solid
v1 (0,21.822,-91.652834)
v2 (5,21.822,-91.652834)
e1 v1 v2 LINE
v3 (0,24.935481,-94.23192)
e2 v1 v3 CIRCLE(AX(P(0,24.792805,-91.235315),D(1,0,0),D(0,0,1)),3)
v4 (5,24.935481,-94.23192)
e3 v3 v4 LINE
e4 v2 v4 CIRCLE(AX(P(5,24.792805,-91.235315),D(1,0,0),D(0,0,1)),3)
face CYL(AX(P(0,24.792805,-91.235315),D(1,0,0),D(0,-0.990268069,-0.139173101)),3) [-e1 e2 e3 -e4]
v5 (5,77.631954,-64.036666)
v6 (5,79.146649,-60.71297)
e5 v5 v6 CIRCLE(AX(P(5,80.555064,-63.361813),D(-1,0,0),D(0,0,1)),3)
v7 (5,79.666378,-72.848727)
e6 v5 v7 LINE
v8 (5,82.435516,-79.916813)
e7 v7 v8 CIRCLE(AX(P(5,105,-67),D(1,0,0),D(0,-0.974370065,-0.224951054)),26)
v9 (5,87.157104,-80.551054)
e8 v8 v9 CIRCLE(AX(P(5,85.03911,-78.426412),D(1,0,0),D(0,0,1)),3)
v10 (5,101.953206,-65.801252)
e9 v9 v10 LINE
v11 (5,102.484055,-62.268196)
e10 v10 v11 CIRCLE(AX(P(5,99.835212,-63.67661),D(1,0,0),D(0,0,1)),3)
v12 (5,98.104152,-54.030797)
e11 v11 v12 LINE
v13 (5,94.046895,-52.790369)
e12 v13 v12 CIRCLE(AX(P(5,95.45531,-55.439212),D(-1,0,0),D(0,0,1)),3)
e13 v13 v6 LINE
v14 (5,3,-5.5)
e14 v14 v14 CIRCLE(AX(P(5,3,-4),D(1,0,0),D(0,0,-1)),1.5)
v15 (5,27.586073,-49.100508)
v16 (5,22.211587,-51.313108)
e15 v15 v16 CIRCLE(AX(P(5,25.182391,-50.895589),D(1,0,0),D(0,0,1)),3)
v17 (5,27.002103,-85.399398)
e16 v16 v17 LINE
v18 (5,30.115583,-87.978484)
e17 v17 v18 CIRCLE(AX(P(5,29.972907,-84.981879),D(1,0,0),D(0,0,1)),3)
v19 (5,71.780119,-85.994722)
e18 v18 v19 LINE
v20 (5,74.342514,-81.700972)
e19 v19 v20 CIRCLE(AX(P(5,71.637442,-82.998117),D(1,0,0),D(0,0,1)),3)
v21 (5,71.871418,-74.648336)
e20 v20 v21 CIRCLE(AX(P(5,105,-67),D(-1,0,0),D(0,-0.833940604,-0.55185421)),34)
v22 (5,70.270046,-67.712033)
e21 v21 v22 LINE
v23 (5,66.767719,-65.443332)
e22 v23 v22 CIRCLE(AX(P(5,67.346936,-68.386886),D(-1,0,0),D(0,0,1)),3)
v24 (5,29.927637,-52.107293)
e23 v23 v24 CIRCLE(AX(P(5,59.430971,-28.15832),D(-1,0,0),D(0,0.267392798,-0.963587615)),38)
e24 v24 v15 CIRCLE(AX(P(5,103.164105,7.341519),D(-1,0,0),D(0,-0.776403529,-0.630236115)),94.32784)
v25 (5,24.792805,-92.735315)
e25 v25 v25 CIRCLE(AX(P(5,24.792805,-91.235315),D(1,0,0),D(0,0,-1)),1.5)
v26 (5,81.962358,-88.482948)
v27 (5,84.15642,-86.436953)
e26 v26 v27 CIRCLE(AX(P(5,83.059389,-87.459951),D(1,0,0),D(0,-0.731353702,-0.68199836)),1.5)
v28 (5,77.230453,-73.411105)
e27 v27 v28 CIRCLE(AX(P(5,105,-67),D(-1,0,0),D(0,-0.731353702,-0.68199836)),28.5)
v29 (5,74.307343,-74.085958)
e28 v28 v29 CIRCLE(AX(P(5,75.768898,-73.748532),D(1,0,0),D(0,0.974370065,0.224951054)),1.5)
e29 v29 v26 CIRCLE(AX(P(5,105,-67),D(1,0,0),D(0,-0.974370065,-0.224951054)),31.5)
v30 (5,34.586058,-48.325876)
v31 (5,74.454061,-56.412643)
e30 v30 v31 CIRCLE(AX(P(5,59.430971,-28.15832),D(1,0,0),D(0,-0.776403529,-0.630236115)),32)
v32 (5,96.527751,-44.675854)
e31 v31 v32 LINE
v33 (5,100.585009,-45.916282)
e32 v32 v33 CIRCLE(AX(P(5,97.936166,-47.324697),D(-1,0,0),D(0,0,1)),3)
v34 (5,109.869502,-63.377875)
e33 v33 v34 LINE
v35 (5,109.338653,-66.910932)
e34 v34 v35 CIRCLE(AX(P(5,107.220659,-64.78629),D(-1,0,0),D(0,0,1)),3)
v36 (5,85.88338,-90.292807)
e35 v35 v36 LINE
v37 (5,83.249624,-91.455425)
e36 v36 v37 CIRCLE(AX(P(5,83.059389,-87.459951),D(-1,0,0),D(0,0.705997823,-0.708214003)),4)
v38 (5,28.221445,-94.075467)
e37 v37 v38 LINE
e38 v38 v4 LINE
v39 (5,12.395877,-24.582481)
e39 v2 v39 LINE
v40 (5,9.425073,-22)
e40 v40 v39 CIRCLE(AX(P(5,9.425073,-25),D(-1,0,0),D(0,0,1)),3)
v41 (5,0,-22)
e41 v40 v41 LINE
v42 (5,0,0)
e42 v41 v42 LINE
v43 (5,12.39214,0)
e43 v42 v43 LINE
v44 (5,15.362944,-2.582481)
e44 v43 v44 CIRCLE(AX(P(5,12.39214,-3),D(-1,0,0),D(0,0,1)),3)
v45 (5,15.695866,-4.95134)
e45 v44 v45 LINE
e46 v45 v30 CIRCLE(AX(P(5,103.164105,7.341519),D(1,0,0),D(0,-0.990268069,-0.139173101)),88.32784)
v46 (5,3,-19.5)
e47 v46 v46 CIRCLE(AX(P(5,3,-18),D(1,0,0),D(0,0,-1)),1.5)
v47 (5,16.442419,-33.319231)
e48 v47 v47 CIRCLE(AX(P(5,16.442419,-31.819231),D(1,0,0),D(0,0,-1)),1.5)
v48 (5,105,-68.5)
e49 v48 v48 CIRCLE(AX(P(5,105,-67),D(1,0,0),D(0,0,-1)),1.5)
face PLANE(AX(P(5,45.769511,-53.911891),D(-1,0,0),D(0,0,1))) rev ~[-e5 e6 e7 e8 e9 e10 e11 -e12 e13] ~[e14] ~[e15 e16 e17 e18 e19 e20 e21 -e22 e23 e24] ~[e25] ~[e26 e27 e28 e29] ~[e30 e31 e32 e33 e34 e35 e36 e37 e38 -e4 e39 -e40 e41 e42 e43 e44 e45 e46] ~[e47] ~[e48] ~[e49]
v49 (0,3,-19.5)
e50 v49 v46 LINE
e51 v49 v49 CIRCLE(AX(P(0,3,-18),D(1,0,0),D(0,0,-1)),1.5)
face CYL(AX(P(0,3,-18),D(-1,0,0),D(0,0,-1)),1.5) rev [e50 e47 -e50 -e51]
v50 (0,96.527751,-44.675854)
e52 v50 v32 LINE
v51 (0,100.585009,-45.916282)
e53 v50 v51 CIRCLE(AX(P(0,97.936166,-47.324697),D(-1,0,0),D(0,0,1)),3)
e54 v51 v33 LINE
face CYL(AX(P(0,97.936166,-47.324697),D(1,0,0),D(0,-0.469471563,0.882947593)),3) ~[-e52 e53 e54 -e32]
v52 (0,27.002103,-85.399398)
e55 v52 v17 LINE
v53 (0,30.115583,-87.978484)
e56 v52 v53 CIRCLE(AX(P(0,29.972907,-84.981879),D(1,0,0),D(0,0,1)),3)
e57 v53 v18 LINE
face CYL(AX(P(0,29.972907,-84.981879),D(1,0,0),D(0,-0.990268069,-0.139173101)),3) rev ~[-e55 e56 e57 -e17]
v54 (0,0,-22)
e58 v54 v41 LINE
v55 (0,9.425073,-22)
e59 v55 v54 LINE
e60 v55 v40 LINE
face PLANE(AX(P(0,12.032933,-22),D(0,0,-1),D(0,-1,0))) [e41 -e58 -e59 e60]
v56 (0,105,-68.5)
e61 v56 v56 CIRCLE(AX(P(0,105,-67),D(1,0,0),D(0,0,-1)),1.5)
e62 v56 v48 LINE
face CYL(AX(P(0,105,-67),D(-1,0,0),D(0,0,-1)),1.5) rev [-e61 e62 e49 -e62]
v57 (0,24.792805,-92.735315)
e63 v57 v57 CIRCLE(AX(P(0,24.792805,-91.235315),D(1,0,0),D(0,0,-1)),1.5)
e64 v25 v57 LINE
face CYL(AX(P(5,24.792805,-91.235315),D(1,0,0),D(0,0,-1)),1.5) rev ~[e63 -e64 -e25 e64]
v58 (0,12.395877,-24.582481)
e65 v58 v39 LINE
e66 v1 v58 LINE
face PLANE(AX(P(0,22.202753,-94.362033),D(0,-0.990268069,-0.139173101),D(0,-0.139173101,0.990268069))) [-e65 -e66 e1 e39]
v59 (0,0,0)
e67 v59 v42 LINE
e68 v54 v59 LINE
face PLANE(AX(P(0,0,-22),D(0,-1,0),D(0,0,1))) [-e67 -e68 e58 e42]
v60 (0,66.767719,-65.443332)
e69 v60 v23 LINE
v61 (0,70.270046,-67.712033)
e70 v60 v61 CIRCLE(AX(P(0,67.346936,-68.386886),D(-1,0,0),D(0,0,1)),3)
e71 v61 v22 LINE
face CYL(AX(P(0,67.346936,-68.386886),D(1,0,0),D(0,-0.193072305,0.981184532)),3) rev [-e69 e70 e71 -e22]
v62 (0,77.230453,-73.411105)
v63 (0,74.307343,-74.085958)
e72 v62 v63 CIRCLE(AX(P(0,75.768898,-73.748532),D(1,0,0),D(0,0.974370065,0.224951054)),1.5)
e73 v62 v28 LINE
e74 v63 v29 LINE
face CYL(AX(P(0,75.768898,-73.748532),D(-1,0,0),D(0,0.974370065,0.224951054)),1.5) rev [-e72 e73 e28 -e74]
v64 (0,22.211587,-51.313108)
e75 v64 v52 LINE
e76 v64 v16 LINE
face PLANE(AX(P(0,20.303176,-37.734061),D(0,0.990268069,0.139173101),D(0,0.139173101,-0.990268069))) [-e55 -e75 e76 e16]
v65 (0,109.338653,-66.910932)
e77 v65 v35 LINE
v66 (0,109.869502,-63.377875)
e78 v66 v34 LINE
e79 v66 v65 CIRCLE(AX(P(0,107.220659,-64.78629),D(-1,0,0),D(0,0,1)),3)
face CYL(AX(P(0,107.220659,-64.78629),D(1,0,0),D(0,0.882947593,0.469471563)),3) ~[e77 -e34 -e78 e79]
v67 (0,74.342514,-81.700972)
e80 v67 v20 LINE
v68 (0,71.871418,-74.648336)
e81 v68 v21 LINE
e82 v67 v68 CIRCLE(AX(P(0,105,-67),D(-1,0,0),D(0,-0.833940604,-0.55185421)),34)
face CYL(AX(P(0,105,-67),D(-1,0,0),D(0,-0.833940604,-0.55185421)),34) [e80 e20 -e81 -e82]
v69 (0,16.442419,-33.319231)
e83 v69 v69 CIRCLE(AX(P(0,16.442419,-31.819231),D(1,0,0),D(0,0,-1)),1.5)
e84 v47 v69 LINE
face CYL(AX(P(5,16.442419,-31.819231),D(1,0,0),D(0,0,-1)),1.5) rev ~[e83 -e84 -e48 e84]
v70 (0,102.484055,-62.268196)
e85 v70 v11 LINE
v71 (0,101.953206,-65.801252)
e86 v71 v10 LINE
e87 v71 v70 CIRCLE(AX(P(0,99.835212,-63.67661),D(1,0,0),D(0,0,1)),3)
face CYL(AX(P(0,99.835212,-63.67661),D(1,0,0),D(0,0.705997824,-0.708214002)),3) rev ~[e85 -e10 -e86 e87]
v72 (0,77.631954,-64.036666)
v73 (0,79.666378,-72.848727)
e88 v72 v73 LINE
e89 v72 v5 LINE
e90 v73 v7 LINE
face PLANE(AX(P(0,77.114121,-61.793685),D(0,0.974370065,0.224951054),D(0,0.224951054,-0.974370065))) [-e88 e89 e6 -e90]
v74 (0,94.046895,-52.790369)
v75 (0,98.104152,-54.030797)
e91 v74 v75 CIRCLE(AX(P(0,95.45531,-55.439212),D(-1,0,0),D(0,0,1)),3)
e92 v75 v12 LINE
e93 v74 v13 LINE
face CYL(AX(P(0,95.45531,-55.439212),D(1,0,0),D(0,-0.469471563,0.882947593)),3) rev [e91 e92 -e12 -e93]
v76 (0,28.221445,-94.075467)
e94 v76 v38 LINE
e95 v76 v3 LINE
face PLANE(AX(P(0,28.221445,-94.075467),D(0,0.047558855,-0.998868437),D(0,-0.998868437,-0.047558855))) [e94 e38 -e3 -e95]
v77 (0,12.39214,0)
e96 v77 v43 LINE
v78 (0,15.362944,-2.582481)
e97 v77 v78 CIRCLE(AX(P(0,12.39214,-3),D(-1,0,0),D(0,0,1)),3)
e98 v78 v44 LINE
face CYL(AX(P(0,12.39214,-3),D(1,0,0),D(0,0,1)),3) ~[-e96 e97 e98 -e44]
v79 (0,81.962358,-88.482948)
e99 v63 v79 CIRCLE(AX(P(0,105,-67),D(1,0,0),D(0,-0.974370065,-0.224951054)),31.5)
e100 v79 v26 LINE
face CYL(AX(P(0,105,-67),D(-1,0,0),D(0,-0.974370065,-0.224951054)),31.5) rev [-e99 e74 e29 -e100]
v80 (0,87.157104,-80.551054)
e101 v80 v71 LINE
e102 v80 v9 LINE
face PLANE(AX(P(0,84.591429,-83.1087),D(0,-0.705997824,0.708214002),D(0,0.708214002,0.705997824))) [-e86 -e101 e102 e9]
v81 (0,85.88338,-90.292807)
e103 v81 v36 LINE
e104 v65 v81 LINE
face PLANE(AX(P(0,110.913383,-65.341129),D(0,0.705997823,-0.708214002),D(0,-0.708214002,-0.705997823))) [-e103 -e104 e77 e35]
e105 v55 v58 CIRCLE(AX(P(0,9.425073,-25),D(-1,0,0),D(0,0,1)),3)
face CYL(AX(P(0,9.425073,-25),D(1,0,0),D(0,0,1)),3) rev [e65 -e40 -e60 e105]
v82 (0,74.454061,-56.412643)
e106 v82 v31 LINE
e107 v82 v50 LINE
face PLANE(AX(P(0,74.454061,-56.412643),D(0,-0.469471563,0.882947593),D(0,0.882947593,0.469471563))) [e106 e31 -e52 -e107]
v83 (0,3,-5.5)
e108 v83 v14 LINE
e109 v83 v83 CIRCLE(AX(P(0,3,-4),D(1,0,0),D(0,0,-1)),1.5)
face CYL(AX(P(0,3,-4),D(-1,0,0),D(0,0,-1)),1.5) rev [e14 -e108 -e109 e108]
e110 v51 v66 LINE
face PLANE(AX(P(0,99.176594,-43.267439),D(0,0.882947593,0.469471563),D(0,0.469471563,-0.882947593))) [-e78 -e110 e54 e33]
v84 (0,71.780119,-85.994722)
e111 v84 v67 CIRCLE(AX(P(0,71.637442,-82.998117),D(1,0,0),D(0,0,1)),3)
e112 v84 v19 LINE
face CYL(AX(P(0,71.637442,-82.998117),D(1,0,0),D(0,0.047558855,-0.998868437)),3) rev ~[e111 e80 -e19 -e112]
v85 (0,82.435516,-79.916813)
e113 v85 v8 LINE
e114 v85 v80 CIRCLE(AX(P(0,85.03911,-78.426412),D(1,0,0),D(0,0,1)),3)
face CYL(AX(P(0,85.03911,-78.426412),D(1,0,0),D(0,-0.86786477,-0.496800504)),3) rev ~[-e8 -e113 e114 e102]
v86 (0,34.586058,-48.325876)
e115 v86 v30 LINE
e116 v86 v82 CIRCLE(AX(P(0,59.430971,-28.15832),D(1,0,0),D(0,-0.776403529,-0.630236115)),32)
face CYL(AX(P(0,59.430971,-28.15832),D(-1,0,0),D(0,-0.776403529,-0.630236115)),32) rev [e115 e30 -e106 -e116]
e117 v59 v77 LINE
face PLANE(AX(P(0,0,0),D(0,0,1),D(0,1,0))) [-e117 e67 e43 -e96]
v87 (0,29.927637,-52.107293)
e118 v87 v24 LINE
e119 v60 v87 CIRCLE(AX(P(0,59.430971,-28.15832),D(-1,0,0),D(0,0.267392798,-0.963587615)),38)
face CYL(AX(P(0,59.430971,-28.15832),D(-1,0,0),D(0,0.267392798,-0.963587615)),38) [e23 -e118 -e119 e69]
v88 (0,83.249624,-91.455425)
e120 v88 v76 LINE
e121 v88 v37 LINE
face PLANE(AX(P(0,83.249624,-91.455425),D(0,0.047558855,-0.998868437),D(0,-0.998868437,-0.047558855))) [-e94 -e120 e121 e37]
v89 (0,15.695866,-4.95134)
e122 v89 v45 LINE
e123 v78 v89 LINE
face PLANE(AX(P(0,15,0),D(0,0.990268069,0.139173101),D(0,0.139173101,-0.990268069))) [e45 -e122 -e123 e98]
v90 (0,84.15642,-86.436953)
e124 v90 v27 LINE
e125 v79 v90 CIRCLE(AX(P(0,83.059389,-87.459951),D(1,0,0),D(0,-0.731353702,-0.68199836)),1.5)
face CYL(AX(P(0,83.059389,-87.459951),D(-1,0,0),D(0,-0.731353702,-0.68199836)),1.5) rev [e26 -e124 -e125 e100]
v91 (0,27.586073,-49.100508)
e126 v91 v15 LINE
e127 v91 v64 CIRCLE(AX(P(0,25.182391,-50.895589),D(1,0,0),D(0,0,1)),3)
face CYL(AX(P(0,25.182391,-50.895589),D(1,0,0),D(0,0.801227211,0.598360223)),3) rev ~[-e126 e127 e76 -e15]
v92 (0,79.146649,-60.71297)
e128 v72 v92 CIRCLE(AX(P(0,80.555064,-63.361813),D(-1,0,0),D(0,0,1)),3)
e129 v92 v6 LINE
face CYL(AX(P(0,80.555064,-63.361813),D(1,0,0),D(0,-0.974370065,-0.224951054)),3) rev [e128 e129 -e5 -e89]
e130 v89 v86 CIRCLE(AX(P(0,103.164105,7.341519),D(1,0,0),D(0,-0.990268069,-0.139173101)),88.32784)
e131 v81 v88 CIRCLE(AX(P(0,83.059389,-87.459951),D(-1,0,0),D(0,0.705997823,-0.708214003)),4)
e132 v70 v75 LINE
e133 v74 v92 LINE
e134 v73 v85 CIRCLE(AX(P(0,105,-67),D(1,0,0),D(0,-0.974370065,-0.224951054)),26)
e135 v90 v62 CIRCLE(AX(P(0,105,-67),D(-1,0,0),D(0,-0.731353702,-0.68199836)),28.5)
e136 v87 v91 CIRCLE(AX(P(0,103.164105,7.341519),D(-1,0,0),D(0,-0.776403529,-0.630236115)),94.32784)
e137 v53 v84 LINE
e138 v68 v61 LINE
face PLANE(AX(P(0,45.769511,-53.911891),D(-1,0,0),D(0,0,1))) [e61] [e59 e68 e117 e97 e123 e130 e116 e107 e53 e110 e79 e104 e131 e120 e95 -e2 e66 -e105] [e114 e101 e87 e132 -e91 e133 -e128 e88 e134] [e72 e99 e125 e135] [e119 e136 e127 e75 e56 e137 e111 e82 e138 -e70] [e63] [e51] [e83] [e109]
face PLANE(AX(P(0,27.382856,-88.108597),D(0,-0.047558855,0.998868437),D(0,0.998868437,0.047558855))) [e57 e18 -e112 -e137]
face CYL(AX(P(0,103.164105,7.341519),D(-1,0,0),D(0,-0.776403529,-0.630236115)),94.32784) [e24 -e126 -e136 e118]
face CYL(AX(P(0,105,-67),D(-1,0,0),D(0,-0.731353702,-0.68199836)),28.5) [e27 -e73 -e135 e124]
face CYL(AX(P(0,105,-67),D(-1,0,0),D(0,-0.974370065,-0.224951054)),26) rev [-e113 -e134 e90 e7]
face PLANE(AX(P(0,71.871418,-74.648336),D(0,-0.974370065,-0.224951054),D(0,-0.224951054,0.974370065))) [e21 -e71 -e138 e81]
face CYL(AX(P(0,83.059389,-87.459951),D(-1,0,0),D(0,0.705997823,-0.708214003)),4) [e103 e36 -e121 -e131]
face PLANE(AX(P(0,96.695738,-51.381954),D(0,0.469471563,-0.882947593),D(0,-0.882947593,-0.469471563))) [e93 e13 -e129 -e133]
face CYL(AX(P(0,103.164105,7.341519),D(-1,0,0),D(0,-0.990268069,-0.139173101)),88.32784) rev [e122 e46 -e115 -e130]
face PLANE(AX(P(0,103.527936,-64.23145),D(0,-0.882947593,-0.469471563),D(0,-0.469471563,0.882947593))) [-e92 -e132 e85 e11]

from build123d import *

# Parameters (mm, degrees)
SKETCH1_R           = 1.5
BOSS_EXTRUDE1_DEPTH = 5
FILLET1_R           = 3
CUT_EXTRUDE2_REACH  = 7
SKETCH7_R           = 1.5


with BuildPart() as part:
    # Sketch1 → Boss-Extrude1 (new body)
    with BuildSketch(Plane(origin=(0, 0, 0), x_dir=(0, 0, -1), z_dir=(1, 0, 0))):
        with BuildLine():
            Line((0, 0), (0, 15))
            Line((0, 15), (4.951340344, 15.695865505))
            ThreePointArc((4.951340344, 15.695865505), (27.926864621, 22.182944056), (48.325875811, 34.586058439))
            ThreePointArc((48.325875811, 34.586058439), (59.519665724, 53.069681974), (56.412643103, 74.454061366))
            Line((56.412643103, 74.454061366), (43.267439345, 99.176593966))
            Line((43.267439345, 99.176593966), (65.341129166, 110.913383036))
            Line((65.341129166, 110.913383036), (90.292806812, 85.883380245))
            ThreePointArc((90.292806812, 85.883380245), (91.119279883, 84.674725039), (91.455424552, 83.249624372))
            Line((91.455424552, 83.249624372), (94.07546653, 28.221444591))
            Line((94.07546653, 28.221444591), (94.36203286, 22.202753427))
            Line((94.36203286, 22.202753427), (22, 12.032932928))
            Line((22, 12.032932928), (22, 0))
            Line((22, 0), (0, 0))
        make_face()
        with Locations((4, 3)):
            Circle(SKETCH1_R, mode=Mode.SUBTRACT)
        with Locations((18, 3)):
            Circle(SKETCH1_R, mode=Mode.SUBTRACT)
        with Locations((67, 105)):
            Circle(SKETCH1_R, mode=Mode.SUBTRACT)
        with BuildLine():
            Line((37.734060935, 20.303176421), (88.108596969, 27.382855762))
            Line((88.108596969, 27.382855762), (85.763043155, 76.646019476))
            ThreePointArc((85.763043155, 76.646019476), (80.419740702, 73.76043279), (74.648335848, 71.871417797))
            Line((74.648335848, 71.871417797), (64.774649495, 69.591897689))
            ThreePointArc((64.774649495, 69.591897689), (64.35710923, 47.870362906), (52.107292501, 29.927637267))
            ThreePointArc((52.107292501, 29.927637267), (45.141760841, 24.785238396), (37.734060935, 20.303176421))
        make_face(mode=Mode.SUBTRACT)
        with BuildLine():
            Line((83.108700039, 84.591428686), (64.231449963, 103.527935833))
            Line((64.231449963, 103.527935833), (51.381954278, 96.695737786))
            Line((51.381954278, 96.695737786), (61.793684809, 77.114120627))
            Line((61.793684809, 77.114120627), (72.848727413, 79.666378316))
            ThreePointArc((72.848727413, 79.666378316), (78.251497028, 81.560635362), (83.108700039, 84.591428686))
        make_face(mode=Mode.SUBTRACT)
        with BuildLine():
            ThreePointArc((74.085958212, 74.307342959), (81.788354228, 77.187150825), (88.482948342, 81.962358399))
            ThreePointArc((88.482948342, 81.962358399), (88.556981354, 84.082386492), (86.436953262, 84.156419504))
            ThreePointArc((86.436953262, 84.156419504), (80.379939539, 79.835993604), (73.411105049, 77.230453154))
            ThreePointArc((73.411105049, 77.230453154), (72.286976533, 75.431471475), (74.085958212, 74.307342959))
        make_face(mode=Mode.SUBTRACT)
    extrude(amount=BOSS_EXTRUDE1_DEPTH)

    # Fillet1
    fillet1_edges = [part.edges().sort_by_distance(p)[0] for p in [
        (2.5, 15, 0),
        (2.5, 99.176593966, -43.267439345),
        (2.5, 110.913383036, -65.341129166),
        (2.5, 22.202753427, -94.36203286),
        (2.5, 12.032932928, -22),
        (2.5, 20.303176421, -37.734060935),
        (2.5, 27.382855762, -88.108596969),
        (2.5, 76.646019476, -85.763043155),
        (2.5, 69.591897689, -64.774649495),
        (2.5, 84.591428686, -83.108700039),
        (2.5, 103.527935833, -64.231449963),
        (2.5, 96.695737786, -51.381954278),
        (2.5, 77.114120627, -61.793684809),
    ]]
    fillet(fillet1_edges, radius=FILLET1_R)

    # Sketch7 → Cut-Extrude2 (cut, up to next)
    with BuildSketch(Plane(origin=(5, 0, 0), x_dir=(0, 0, -1), z_dir=(1, 0, 0)), mode=Mode.PRIVATE) as cut_extrude2_sk1:
        with Locations((31.81923079, 16.442418537)):
            Circle(SKETCH7_R)
    cut_extrude2_tool1 = extrude(cut_extrude2_sk1.sketch, amount=-CUT_EXTRUDE2_REACH, mode=Mode.PRIVATE) & part.part
    add(cut_extrude2_tool1.solids().sort_by_distance((5, 16.442419, -31.819231))[0], mode=Mode.SUBTRACT)
    # Sketch7 → Cut-Extrude2 (cut, up to next)
    with BuildSketch(Plane(origin=(5, 0, 0), x_dir=(0, 0, -1), z_dir=(1, 0, 0)), mode=Mode.PRIVATE) as cut_extrude2_sk2:
        with Locations((91.235314915, 24.792804595)):
            Circle(SKETCH7_R)
    cut_extrude2_tool2 = extrude(cut_extrude2_sk2.sketch, amount=-CUT_EXTRUDE2_REACH, mode=Mode.PRIVATE) & part.part
    add(cut_extrude2_tool2.solids().sort_by_distance((5, 24.792805, -91.235315))[0], mode=Mode.SUBTRACT)


solid = part.part
